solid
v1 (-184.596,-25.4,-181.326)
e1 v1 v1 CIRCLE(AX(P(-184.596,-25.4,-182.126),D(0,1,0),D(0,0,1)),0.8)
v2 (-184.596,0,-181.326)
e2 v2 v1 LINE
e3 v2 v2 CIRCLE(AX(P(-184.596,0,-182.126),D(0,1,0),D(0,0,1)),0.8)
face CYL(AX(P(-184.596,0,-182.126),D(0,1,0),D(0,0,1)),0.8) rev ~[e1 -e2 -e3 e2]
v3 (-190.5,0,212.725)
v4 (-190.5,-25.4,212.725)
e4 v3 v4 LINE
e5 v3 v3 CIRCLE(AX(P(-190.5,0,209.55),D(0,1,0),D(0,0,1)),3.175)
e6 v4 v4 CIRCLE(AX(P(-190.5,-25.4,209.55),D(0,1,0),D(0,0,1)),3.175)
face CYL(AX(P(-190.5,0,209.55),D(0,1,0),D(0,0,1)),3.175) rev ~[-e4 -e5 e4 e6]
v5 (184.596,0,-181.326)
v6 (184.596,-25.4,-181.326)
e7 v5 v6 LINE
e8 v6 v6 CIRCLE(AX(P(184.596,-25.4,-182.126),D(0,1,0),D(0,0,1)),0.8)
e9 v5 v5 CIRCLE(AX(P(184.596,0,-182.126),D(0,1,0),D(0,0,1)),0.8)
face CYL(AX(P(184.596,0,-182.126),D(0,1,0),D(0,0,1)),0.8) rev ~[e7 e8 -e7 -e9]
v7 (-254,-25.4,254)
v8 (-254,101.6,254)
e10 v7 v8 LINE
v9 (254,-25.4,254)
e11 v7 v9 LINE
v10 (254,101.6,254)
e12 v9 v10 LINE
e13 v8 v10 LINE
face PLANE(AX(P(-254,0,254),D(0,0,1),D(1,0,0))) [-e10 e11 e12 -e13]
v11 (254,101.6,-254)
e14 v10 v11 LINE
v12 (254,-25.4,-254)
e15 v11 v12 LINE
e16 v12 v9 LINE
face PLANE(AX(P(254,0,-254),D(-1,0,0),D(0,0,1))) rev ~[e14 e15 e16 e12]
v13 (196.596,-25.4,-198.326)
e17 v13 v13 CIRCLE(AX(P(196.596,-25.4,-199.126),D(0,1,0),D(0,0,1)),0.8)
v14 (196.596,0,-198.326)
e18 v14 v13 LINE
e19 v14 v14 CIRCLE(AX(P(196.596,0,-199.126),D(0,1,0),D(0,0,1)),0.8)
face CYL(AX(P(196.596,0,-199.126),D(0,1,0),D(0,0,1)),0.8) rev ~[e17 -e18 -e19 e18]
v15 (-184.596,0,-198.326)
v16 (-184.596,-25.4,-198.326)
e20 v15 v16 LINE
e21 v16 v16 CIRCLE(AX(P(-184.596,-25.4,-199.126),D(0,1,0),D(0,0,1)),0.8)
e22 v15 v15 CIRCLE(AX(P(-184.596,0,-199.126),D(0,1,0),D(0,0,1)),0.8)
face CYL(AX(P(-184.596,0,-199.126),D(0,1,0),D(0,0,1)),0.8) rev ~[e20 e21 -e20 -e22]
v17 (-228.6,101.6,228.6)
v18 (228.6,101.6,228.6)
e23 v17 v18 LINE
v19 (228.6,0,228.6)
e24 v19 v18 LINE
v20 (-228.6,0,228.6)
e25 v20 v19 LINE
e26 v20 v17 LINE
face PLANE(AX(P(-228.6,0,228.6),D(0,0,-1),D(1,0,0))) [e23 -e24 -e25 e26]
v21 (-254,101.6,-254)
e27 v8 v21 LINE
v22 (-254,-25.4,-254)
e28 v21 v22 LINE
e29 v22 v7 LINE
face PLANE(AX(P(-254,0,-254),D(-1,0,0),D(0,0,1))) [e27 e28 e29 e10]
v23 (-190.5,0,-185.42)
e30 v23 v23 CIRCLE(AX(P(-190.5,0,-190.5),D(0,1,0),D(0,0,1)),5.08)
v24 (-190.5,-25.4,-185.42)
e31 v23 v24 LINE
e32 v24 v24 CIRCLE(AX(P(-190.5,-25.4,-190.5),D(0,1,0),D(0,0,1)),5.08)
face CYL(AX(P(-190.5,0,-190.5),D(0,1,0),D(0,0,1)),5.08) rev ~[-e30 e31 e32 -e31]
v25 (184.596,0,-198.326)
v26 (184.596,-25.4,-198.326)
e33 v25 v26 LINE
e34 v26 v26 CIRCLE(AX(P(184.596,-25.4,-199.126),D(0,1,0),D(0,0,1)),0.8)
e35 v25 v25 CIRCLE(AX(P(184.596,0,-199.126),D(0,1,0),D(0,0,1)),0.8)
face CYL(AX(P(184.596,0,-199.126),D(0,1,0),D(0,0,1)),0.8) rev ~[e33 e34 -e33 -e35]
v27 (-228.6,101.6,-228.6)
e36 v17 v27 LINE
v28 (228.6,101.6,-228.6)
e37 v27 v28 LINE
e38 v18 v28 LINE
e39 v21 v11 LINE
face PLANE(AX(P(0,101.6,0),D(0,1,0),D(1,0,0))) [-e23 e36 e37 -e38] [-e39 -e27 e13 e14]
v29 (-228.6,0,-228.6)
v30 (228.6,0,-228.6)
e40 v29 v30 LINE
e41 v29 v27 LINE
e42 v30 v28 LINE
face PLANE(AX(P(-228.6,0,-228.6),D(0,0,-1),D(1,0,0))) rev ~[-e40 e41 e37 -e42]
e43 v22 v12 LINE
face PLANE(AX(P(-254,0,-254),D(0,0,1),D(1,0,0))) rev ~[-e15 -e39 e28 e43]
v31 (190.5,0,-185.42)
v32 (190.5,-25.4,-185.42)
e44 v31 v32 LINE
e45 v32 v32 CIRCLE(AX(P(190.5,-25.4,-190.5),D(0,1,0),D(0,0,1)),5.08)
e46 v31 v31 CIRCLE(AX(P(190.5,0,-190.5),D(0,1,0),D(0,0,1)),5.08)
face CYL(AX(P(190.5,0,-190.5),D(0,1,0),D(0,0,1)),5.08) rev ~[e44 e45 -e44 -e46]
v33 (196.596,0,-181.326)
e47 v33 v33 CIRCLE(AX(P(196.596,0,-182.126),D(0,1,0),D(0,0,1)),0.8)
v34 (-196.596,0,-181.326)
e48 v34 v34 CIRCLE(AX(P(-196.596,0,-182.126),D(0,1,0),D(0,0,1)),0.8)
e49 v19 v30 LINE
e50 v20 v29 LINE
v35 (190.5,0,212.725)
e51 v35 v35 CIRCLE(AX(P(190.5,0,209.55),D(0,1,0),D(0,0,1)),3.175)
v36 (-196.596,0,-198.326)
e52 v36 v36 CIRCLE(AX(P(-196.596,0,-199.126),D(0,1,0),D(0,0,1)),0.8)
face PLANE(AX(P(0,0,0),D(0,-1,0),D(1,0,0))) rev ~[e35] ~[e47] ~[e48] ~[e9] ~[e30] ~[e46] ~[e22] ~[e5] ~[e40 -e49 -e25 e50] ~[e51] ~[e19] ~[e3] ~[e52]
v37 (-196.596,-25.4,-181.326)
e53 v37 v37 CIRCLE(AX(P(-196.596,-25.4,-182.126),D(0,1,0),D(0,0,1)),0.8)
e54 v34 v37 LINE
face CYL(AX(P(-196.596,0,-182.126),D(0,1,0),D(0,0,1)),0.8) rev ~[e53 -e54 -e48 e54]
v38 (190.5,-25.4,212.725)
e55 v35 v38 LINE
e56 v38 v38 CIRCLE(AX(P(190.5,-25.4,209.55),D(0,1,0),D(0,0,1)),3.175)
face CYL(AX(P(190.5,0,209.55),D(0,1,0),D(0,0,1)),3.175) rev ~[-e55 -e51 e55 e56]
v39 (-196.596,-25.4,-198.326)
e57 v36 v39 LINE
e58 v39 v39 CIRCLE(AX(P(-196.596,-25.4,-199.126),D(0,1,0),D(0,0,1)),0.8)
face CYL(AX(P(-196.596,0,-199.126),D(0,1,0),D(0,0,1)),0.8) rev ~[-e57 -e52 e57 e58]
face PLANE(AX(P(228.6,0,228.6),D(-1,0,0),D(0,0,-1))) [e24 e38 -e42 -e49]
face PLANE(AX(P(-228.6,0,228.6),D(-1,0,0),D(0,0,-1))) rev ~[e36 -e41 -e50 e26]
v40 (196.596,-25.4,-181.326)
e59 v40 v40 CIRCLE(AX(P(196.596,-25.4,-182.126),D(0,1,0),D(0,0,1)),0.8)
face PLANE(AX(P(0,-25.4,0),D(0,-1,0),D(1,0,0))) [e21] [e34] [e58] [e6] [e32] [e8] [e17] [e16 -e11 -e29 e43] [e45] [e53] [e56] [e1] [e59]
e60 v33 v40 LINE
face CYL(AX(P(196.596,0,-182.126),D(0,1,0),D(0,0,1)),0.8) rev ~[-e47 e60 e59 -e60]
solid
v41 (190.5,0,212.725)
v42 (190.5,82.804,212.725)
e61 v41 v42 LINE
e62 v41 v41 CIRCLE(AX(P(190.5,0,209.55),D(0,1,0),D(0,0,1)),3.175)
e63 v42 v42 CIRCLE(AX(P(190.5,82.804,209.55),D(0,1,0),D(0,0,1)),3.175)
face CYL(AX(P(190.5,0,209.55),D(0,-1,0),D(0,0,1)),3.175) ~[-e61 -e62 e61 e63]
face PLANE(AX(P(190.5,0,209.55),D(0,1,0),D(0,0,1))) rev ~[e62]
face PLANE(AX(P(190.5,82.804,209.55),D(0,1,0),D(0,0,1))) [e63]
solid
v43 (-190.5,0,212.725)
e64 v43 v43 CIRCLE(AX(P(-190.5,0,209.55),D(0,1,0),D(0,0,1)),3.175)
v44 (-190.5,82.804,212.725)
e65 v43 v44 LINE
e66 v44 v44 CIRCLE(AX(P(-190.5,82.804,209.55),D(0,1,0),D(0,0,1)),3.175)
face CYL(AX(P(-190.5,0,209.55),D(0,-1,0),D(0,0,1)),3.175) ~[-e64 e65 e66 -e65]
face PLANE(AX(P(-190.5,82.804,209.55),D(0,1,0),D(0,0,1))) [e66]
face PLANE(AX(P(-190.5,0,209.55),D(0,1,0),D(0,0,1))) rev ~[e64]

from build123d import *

# Parameters (mm, degrees)
SKETCH1_W           = 508
SKETCH1_H           = 508
SKETCH1_W_2         = 457.2
SKETCH1_H_2         = 457.2
BOSS_EXTRUDE1_DEPTH = 101.6
SKETCH2_W           = 508
SKETCH2_H           = 508
BOSS_EXTRUDE2_DEPTH = 25.4
SKETCH3_R           = 0.8
SKETCH3_R_2         = 5.08
SKETCH3_R_3         = 3.175
CUT_EXTRUDE1_DEPTH  = 29.21
SKETCH4_R           = 3.175
BOSS_EXTRUDE3_DEPTH = 82.804
SKETCH5_R           = 3.175
BOSS_EXTRUDE4_DEPTH = 82.804


with BuildPart() as part:
    # Sketch1 → Boss-Extrude1 (new body)
    with BuildSketch(Plane(origin=(0, 0, 0), x_dir=(1, 0, 0), z_dir=(0, 1, 0))):
        Rectangle(SKETCH1_W, SKETCH1_H)
        Rectangle(SKETCH1_W_2, SKETCH1_H_2, mode=Mode.SUBTRACT)
    extrude(amount=BOSS_EXTRUDE1_DEPTH)

    # Sketch2 → Boss-Extrude2 (add)
    with BuildSketch(Plane.XZ):
        Rectangle(SKETCH2_W, SKETCH2_H)
    extrude(amount=BOSS_EXTRUDE2_DEPTH)

    # Sketch3 → Cut-Extrude1 (cut)
    with BuildSketch(Plane(origin=(0, 0, 0), x_dir=(1, 0, 0), z_dir=(0, 1, 0))):
        with Locations(Location((-184.596, 182.126, 0), (0, 0, 270))):
            Circle(SKETCH3_R)
        with Locations(Location((-184.596, 199.126, 0), (0, 0, 270))):
            Circle(SKETCH3_R)
        with Locations(Location((-196.596, 199.126, 0), (0, 0, 270))):
            Circle(SKETCH3_R)
        with Locations(Location((-196.596, 182.126, 0), (0, 0, 270))):
            Circle(SKETCH3_R)
        with Locations(Location((-190.5, 190.5, 0), (0, 0, 270))):
            Circle(SKETCH3_R_2)
        with Locations(Location((190.5, 190.5, 0), (0, 0, 270))):
            Circle(SKETCH3_R_2)
        with Locations(Location((196.596, 182.126, 0), (0, 0, 270))):
            Circle(SKETCH3_R)
        with Locations(Location((196.596, 199.126, 0), (0, 0, 270))):
            Circle(SKETCH3_R)
        with Locations(Location((184.596, 199.126, 0), (0, 0, 270))):
            Circle(SKETCH3_R)
        with Locations(Location((184.596, 182.126, 0), (0, 0, 270))):
            Circle(SKETCH3_R)
        with Locations(Location((-190.5, -209.55, 0), (0, 0, 270))):
            Circle(SKETCH3_R_3)
        with Locations(Location((190.5, -209.55, 0), (0, 0, 270))):
            Circle(SKETCH3_R_3)
    extrude(amount=-CUT_EXTRUDE1_DEPTH, mode=Mode.SUBTRACT)


with BuildPart() as body_2:
    # Sketch4 → Boss-Extrude3 (new body)
    with BuildSketch(Plane(origin=(0, 0, 0), x_dir=(1, 0, 0), z_dir=(0, 1, 0))):
        with Locations(Location((190.5, -209.55, 0), (0, 0, 270))):
            Circle(SKETCH4_R)
    extrude(amount=BOSS_EXTRUDE3_DEPTH)


with BuildPart() as body_3:
    # Sketch5 → Boss-Extrude4 (new body)
    with BuildSketch(Plane(origin=(0, 0, 0), x_dir=(1, 0, 0), z_dir=(0, 1, 0))):
        with Locations(Location((-190.5, -209.55, 0), (0, 0, 270))):
            Circle(SKETCH5_R)
    extrude(amount=BOSS_EXTRUDE4_DEPTH)


solid = Compound([part.part, body_2.part, body_3.part])
